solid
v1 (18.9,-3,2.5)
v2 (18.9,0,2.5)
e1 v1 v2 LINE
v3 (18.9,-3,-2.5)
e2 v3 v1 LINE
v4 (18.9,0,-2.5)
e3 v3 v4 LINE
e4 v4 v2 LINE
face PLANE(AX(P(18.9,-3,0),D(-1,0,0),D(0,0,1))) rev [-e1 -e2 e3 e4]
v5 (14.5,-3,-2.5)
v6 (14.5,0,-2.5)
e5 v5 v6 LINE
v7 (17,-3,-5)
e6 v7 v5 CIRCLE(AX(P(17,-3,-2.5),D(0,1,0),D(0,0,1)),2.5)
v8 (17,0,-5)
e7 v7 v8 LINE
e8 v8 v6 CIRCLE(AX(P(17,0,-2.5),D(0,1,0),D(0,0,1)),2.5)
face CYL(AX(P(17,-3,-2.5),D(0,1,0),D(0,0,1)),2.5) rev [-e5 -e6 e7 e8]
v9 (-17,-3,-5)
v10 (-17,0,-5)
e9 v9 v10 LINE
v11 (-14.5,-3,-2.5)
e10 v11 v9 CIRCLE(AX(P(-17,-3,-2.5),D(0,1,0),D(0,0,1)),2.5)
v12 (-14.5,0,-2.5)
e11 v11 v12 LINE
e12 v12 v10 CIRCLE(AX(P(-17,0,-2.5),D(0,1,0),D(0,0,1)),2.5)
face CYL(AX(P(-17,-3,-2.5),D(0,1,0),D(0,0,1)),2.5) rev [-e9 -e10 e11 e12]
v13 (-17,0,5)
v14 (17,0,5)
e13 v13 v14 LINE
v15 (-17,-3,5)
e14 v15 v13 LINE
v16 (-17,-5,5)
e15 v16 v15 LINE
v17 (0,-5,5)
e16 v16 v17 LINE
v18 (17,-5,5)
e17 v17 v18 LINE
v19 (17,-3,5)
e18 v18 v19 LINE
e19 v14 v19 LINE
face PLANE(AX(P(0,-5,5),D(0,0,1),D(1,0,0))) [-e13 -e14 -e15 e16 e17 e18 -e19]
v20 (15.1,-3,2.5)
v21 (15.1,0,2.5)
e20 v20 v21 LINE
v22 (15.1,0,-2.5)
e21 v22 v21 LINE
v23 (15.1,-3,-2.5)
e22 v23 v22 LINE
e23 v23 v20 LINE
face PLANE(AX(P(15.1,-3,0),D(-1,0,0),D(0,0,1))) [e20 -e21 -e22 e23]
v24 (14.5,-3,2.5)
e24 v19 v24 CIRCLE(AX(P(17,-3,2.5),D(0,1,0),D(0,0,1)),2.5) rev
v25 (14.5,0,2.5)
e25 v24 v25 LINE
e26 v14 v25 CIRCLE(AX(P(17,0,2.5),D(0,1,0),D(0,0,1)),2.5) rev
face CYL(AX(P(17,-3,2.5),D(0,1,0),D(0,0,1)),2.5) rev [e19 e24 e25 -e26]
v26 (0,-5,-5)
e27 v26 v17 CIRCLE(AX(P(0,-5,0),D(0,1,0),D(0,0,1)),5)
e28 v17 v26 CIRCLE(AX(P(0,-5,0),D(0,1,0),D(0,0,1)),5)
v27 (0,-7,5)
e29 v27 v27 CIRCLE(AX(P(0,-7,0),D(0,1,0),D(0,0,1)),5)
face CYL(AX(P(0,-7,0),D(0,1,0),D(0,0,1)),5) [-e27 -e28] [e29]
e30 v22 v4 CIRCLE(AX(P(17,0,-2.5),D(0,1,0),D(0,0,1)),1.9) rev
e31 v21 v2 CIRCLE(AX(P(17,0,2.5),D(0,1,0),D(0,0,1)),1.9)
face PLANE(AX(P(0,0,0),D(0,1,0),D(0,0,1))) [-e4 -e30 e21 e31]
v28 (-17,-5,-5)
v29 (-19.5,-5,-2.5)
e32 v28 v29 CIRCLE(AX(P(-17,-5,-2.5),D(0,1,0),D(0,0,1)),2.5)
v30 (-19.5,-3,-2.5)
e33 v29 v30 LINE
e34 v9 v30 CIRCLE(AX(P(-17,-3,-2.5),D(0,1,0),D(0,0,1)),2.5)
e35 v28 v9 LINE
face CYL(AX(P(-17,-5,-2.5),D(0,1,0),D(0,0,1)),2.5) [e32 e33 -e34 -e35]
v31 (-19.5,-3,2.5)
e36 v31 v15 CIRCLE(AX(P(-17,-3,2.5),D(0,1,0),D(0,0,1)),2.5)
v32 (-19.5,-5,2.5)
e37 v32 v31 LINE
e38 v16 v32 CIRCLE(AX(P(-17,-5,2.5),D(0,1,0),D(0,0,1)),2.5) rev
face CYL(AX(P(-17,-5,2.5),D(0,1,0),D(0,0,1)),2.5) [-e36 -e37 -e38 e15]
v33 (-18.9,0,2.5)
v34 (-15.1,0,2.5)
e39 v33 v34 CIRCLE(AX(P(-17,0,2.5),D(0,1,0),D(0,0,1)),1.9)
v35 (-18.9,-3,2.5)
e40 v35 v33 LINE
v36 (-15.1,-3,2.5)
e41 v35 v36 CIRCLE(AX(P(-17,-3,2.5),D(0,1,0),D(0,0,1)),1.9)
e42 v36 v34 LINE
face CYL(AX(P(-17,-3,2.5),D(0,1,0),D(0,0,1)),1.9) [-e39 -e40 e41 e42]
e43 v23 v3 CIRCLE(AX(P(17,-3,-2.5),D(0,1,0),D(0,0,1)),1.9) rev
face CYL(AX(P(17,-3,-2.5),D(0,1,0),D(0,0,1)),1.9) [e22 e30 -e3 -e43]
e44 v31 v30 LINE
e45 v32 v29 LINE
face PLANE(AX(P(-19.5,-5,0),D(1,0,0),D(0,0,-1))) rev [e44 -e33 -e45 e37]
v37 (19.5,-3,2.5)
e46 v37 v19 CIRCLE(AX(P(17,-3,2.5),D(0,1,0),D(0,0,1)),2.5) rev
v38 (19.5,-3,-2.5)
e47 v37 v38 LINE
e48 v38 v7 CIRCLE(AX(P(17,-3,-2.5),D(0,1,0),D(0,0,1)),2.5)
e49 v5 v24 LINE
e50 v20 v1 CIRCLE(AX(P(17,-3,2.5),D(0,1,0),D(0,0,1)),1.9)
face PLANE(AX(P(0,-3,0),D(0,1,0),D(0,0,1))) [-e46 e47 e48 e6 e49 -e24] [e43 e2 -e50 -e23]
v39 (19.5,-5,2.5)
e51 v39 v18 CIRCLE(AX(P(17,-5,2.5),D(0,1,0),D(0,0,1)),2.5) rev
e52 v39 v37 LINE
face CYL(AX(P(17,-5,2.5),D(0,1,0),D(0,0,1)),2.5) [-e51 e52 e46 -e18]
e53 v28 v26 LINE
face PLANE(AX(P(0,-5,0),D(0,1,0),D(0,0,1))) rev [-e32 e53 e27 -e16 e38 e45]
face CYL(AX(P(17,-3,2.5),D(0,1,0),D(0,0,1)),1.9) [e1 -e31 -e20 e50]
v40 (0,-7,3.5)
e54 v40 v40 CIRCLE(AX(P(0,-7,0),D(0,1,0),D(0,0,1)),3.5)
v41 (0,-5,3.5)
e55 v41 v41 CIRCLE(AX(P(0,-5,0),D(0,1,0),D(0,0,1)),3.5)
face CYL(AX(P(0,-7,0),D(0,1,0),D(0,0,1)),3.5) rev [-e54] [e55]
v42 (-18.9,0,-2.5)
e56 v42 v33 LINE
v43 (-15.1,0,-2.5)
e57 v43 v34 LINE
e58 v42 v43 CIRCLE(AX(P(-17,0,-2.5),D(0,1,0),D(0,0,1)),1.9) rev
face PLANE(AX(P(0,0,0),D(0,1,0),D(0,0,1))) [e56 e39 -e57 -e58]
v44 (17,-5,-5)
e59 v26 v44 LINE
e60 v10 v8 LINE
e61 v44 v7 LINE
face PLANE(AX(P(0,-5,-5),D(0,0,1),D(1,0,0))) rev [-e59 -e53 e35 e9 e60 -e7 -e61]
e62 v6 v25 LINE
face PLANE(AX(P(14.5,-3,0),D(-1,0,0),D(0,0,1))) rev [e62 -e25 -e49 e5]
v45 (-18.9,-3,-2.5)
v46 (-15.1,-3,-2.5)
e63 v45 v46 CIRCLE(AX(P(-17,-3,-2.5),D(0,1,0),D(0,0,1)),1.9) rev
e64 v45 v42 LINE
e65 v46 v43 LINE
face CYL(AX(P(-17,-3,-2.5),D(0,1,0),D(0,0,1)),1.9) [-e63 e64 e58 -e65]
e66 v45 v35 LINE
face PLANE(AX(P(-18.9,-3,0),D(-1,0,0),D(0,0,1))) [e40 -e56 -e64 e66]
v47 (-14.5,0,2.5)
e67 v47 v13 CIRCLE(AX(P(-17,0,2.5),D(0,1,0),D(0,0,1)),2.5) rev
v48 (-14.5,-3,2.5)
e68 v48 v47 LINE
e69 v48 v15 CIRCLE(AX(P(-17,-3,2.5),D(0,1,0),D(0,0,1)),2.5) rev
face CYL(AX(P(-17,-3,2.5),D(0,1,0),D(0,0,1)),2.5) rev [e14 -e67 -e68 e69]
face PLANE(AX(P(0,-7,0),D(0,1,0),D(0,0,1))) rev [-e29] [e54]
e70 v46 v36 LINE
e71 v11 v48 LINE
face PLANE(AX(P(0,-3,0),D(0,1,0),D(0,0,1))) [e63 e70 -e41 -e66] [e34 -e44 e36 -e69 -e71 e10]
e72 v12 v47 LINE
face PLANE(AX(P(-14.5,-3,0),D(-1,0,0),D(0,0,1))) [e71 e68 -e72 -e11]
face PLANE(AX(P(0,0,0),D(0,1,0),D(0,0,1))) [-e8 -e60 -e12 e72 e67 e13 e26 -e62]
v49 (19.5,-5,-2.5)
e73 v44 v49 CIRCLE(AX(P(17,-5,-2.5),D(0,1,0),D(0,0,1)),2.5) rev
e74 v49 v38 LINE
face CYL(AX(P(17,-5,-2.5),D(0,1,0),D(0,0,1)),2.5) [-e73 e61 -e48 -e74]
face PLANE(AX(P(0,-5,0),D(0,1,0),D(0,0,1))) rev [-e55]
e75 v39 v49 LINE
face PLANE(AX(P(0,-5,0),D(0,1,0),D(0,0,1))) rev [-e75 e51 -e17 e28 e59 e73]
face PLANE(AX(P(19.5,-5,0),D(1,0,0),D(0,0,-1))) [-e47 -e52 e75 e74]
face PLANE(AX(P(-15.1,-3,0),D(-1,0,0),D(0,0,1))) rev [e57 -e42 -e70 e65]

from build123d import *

# Parameters (mm, degrees)
BOSS_EXTRU_2_DEPTH      = 5
ESQUISSE1_9_R           = 5
ESQUISSE1_9_R_2         = 3.5
BOSS_EXTRU_7_DEPTH      = 7
ENL_V_MAT_EXTRU_3_DEPTH = 3
ENL_V_MAT_EXTRU_4_DEPTH = 3


with BuildPart() as part:
    # Esquisse1 → Boss.-Extru.2 (new body)
    with BuildSketch(Plane(origin=(0, 0, 0), x_dir=(1, 0, 0), z_dir=(0, 1, 0))):
        with BuildLine():
            ThreePointArc((17, -5), (18.767766953, -4.267766953), (19.5, -2.5))
            Line((19.5, -2.5), (19.5, 2.5))
            ThreePointArc((19.5, 2.5), (18.767766953, 4.267766953), (17, 5))
            Line((17, 5), (-17, 5))
            ThreePointArc((-17, 5), (-18.767766953, 4.267766953), (-19.5, 2.5))
            Line((-19.5, 2.5), (-19.5, -2.5))
            ThreePointArc((-19.5, -2.5), (-18.767766953, -4.267766953), (-17, -5))
            Line((-17, -5), (17, -5))
        make_face()
    extrude(amount=-BOSS_EXTRU_2_DEPTH)

    # Esquisse1_9 → Boss.-Extru.7 (add)
    with BuildSketch(Plane(origin=(0, 0, 0), x_dir=(1, 0, 0), z_dir=(0, 1, 0))):
        Circle(ESQUISSE1_9_R)
        Circle(ESQUISSE1_9_R_2, mode=Mode.SUBTRACT)
    extrude(amount=-BOSS_EXTRU_7_DEPTH)

    # Esquisse1_13 → Enl_v. mat.-Extru.3 (cut)
    with BuildSketch(Plane(origin=(0, 0, 0), x_dir=(1, 0, 0), z_dir=(0, 1, 0))):
        with BuildLine():
            ThreePointArc((14.5, -2.5), (17, -5), (19.5, -2.5))
            Line((19.5, -2.5), (19.5, 2.5))
            ThreePointArc((19.5, 2.5), (17, 5), (14.5, 2.5))
            Line((14.5, 2.5), (14.5, -2.5))
        make_face()
        with BuildLine():
            Line((15.1, -2.5), (15.1, 2.5))
            ThreePointArc((15.1, 2.5), (17, 4.4), (18.9, 2.5))
            Line((18.9, 2.5), (18.9, -2.5))
            ThreePointArc((18.9, -2.5), (17, -4.4), (15.1, -2.5))
        make_face(mode=Mode.SUBTRACT)
    extrude(amount=-ENL_V_MAT_EXTRU_3_DEPTH, mode=Mode.SUBTRACT)

    # Esquisse1_16 → Enl_v. mat.-Extru.4 (cut)
    with BuildSketch(Plane(origin=(0, 0, 0), x_dir=(1, 0, 0), z_dir=(0, 1, 0))):
        with BuildLine():
            ThreePointArc((-19.5, -2.5), (-17, -5), (-14.5, -2.5))
            Line((-14.5, -2.5), (-14.5, 2.5))
            ThreePointArc((-14.5, 2.5), (-17, 5), (-19.5, 2.5))
            Line((-19.5, 2.5), (-19.5, -2.5))
        make_face()
        with BuildLine():
            Line((-18.9, -2.5), (-18.9, 2.5))
            ThreePointArc((-18.9, 2.5), (-17, 4.4), (-15.1, 2.5))
            Line((-15.1, 2.5), (-15.1, -2.5))
            ThreePointArc((-15.1, -2.5), (-17, -4.4), (-18.9, -2.5))
        make_face(mode=Mode.SUBTRACT)
    extrude(amount=-ENL_V_MAT_EXTRU_4_DEPTH, mode=Mode.SUBTRACT)


solid = part.part
